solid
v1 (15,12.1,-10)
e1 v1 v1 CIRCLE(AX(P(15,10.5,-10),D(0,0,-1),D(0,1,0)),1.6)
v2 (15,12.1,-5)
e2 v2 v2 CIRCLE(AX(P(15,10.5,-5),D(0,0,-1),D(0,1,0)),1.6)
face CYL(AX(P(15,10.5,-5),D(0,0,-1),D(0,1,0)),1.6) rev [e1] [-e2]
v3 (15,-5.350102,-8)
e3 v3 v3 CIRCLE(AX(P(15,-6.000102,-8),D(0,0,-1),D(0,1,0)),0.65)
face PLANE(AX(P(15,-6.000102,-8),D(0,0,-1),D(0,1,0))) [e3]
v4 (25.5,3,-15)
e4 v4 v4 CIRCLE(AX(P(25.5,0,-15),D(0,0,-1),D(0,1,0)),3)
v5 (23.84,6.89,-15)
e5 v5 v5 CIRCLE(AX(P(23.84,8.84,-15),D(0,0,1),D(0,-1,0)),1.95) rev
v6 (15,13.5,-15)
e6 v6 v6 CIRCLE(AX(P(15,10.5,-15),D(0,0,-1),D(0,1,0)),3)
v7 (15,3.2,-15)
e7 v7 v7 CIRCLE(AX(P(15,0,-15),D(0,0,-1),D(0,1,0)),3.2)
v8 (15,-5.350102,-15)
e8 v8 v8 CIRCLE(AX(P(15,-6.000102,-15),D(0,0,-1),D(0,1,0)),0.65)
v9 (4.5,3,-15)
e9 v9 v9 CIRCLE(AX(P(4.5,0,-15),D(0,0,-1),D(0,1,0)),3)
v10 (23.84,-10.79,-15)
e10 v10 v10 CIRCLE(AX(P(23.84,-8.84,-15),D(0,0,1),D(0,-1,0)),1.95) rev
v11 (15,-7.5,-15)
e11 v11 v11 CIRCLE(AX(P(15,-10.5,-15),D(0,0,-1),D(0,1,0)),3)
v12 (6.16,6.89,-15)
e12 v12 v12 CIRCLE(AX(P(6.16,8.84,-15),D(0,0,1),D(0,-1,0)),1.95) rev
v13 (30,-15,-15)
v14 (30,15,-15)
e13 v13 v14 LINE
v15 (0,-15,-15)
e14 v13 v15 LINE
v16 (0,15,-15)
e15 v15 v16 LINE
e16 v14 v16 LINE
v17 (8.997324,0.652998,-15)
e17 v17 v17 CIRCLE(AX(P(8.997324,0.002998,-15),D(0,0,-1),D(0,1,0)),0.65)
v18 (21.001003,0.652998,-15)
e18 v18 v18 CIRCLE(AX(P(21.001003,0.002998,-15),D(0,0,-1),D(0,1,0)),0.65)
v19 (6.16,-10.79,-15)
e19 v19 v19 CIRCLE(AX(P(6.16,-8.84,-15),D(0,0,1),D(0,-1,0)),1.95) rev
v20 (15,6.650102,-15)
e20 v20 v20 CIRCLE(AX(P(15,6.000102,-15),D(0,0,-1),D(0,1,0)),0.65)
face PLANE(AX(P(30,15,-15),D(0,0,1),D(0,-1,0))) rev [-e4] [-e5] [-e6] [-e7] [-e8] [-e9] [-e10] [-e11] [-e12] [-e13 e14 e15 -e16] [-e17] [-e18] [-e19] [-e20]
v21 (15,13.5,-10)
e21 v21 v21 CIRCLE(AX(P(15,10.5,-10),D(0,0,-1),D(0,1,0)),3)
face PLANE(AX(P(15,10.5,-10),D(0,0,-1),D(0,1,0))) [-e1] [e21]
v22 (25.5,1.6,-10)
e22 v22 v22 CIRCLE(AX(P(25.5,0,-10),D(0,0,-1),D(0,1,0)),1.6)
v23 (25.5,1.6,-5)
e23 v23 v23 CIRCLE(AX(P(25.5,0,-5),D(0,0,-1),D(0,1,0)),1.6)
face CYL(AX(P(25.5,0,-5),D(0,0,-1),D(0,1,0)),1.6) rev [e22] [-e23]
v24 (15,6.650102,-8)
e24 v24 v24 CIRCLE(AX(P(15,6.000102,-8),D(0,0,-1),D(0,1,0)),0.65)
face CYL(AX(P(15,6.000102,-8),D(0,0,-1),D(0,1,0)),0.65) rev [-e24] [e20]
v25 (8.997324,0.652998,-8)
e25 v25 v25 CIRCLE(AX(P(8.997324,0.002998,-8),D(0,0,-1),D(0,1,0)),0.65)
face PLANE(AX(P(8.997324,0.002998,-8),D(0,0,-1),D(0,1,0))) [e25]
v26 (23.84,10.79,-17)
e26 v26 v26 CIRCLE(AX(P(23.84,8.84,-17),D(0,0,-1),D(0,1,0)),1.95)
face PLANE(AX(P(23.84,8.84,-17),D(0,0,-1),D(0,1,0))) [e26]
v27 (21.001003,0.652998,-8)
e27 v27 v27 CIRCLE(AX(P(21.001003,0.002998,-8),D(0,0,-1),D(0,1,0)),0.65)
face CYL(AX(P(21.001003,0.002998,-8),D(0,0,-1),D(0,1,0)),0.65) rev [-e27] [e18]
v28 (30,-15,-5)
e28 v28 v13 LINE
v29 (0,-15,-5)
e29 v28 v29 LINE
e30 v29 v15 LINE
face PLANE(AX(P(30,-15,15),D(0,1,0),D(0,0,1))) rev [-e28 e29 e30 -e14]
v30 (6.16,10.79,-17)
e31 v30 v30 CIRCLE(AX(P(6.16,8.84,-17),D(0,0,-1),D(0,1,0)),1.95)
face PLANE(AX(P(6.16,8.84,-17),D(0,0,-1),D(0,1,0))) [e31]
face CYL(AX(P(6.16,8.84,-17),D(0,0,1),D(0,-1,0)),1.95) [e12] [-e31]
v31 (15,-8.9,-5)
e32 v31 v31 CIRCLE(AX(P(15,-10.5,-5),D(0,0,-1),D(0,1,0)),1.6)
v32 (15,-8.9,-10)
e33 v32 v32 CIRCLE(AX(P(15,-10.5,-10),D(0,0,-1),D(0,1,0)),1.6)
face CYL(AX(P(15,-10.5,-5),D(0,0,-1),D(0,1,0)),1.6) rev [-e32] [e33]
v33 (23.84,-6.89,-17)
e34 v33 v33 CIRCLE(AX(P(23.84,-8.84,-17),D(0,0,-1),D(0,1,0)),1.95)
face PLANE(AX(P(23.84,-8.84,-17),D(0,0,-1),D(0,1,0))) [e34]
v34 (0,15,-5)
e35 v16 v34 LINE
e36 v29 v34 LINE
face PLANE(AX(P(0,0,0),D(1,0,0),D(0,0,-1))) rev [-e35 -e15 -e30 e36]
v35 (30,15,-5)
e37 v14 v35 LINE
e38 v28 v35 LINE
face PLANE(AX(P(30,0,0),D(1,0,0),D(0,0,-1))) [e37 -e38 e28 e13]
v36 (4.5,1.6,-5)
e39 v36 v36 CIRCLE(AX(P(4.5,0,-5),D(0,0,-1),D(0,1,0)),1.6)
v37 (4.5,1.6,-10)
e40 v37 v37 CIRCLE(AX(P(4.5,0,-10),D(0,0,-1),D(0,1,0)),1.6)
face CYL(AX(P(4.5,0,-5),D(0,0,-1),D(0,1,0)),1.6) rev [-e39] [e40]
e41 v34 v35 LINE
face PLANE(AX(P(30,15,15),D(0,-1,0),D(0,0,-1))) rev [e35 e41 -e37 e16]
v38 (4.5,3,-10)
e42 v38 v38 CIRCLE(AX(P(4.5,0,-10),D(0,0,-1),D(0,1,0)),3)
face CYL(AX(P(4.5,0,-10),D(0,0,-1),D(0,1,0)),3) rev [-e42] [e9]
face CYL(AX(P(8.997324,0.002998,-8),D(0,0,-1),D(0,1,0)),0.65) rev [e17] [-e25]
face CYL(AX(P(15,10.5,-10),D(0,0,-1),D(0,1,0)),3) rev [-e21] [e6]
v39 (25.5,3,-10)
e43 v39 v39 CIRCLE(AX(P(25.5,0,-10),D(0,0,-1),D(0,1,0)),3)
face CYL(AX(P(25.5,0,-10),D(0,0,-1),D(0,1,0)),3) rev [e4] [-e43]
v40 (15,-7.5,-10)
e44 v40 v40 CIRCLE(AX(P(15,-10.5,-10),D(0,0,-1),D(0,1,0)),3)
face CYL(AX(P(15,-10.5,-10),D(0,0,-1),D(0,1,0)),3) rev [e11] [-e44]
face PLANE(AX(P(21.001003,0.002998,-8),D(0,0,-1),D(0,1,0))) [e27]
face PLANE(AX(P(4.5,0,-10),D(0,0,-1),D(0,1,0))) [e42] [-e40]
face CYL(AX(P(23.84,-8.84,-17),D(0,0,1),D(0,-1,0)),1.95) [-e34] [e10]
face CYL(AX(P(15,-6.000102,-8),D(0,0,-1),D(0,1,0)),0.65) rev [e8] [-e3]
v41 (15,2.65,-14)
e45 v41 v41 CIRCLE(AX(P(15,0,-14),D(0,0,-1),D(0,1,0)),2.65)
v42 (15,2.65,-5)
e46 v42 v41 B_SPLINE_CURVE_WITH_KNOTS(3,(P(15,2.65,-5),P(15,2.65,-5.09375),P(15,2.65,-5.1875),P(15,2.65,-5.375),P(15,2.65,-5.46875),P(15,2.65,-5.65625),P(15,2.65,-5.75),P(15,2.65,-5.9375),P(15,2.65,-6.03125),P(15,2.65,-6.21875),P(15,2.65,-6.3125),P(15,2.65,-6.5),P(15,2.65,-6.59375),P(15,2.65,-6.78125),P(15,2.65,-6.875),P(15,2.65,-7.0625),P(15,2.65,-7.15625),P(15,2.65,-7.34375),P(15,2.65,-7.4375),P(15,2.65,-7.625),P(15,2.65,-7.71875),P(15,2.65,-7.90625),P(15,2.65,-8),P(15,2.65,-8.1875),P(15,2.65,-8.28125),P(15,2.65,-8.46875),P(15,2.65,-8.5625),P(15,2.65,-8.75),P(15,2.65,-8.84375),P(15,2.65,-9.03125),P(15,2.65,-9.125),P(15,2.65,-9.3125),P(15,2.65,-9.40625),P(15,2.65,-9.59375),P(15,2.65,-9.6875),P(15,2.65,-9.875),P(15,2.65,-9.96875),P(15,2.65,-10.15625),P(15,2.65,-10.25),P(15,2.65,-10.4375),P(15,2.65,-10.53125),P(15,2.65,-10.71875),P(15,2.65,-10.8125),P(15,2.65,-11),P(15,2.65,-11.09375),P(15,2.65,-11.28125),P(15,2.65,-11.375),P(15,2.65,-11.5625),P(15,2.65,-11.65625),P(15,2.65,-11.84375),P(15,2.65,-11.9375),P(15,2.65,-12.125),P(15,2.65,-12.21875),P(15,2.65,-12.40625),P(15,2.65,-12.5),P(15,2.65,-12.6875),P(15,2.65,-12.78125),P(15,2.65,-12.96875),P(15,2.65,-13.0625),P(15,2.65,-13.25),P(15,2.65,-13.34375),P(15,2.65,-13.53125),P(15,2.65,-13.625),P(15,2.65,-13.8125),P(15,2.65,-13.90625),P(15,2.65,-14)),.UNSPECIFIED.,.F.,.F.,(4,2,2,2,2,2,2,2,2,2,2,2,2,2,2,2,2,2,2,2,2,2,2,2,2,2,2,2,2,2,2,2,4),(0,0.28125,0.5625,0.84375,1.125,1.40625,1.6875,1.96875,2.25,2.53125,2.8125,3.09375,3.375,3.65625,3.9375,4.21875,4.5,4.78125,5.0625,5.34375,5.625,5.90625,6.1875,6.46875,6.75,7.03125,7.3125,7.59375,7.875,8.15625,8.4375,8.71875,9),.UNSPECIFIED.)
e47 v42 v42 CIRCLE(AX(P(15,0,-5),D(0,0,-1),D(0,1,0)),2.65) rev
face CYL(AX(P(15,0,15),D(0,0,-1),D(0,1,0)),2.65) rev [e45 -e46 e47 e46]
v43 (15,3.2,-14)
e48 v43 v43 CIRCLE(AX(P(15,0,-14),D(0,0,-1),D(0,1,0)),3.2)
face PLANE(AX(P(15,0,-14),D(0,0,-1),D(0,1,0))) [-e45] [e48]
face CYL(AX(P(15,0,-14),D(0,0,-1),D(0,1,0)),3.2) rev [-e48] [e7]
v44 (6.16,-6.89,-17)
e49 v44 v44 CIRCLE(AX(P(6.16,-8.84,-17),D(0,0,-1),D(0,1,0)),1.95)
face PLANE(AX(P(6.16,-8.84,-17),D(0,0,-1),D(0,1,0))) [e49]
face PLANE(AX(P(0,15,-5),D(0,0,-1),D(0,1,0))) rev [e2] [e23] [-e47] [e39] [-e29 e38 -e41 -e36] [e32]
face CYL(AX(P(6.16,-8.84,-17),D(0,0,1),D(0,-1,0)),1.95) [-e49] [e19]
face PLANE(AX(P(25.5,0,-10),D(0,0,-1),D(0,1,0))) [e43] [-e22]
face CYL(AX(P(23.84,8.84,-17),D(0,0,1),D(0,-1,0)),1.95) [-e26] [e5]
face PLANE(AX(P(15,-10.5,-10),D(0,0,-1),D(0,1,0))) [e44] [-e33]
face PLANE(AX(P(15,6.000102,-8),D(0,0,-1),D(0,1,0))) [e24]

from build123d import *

# Parameters (mm, degrees)
SKETCH1_W           = 30
SKETCH1_H           = 30
BOSS_EXTRUDE1_DEPTH = 30
SKETCH2_R           = 0.65
CUT_EXTRUDE1_DEPTH  = 7
SKETCH3_R           = 1.95
BOSS_EXTRUDE2_DEPTH = 2
SKETCH4_R           = 3.2
SKETCH4_R_2         = 2.5
CUT_EXTRUDE2_DEPTH  = 1
SKETCH5_R           = 2.65
CUT_EXTRUDE3_DEPTH  = 46
SKETCH6_W           = 20
SKETCH6_H           = 32.666349305
CUT_EXTRUDE4_DEPTH  = 38.603191354
SKETCH7_R           = 3
CUT_EXTRUDE5_DEPTH  = 5
SKETCH8_R           = 1.6
CUT_EXTRUDE6_DEPTH  = 35.263683398


with BuildPart() as part:
    # Sketch1 → Boss-Extrude1 (new body)
    with BuildSketch(Plane(origin=(0, 0, 0), x_dir=(0, 0, -1), z_dir=(1, 0, 0))):
        Rectangle(SKETCH1_W, SKETCH1_H)
    extrude(amount=BOSS_EXTRUDE1_DEPTH)

    # Sketch2 → Cut-Extrude1 (cut)
    with BuildSketch(Plane(origin=(0, 0, -15), x_dir=(-1, 0, 0), z_dir=(0, 0, -1))):
        with Locations(Location((-15, 6.000101914, 0), (0, 0, 90))):
            Circle(SKETCH2_R)
        with Locations(Location((-21.001003121, 0.002997762, 0), (0, 0, 90))):
            Circle(SKETCH2_R)
        with Locations(Location((-8.997324254, 0.002997762, 0), (0, 0, 90))):
            Circle(SKETCH2_R)
        with Locations(Location((-15, -6.000101914, 0), (0, 0, 90))):
            Circle(SKETCH2_R)
    extrude(amount=-CUT_EXTRUDE1_DEPTH, mode=Mode.SUBTRACT)

    # Sketch3 → Boss-Extrude2 (add)
    with BuildSketch(Plane(origin=(0, 0, -15), x_dir=(-1, 0, 0), z_dir=(0, 0, -1))):
        with Locations(Location((-6.16, 8.84, 0), (0, 0, 270))):
            Circle(SKETCH3_R)
        with Locations(Location((-23.84, 8.84, 0), (0, 0, 270))):
            Circle(SKETCH3_R)
        with Locations(Location((-23.84, -8.84, 0), (0, 0, 270))):
            Circle(SKETCH3_R)
        with Locations(Location((-6.16, -8.84, 0), (0, 0, 270))):
            Circle(SKETCH3_R)
    extrude(amount=BOSS_EXTRUDE2_DEPTH)

    # Sketch4 → Cut-Extrude2 (cut)
    with BuildSketch(Plane(origin=(0, 0, -15), x_dir=(-1, 0, 0), z_dir=(0, 0, -1))):
        with Locations(Location((-15, 0, 0), (0, 0, 90))):
            Circle(SKETCH4_R)
        with Locations(Location((-15, 0, 0), (0, 0, 90))):
            Circle(SKETCH4_R_2, mode=Mode.SUBTRACT)
    extrude(amount=-CUT_EXTRUDE2_DEPTH, mode=Mode.SUBTRACT)

    # Sketch5 → Cut-Extrude3 (cut, through all)
    with BuildSketch(Plane(origin=(0, 0, -15), x_dir=(-1, 0, 0), z_dir=(0, 0, -1))):
        with Locations(Location((-15, 0, 0), (0, 0, 90))):
            Circle(SKETCH5_R)
    extrude(amount=-CUT_EXTRUDE3_DEPTH, mode=Mode.SUBTRACT)

    # Sketch6 → Cut-Extrude4 (cut, through all)
    with BuildSketch(Plane(origin=(30, 0, 0), x_dir=(0, 0, -1), z_dir=(1, 0, 0))):
        with Locations((-5, -1.333174652)):
            Rectangle(SKETCH6_W, SKETCH6_H)
    extrude(amount=-CUT_EXTRUDE4_DEPTH, mode=Mode.SUBTRACT)

    # Sketch7 → Cut-Extrude5 (cut)
    with BuildSketch(Plane(origin=(0, 0, -15), x_dir=(-1, 0, 0), z_dir=(0, 0, -1))):
        with Locations(Location((-15, 10.5, 0), (0, 0, 90))):
            Circle(SKETCH7_R)
        with Locations(Location((-15, -10.5, 0), (0, 0, 90))):
            Circle(SKETCH7_R)
        with Locations(Location((-25.5, 0, 0), (0, 0, 90))):
            Circle(SKETCH7_R)
        with Locations(Location((-4.5, 0, 0), (0, 0, 90))):
            Circle(SKETCH7_R)
    extrude(amount=-CUT_EXTRUDE5_DEPTH, mode=Mode.SUBTRACT)

    # Sketch8 → Cut-Extrude6 (cut, through all)
    with BuildSketch(Plane(origin=(0, 0, -10), x_dir=(-1, 0, 0), z_dir=(0, 0, -1))):
        with Locations(Location((-4.5, 0, 0), (0, 0, 90))):
            Circle(SKETCH8_R)
        with Locations(Location((-15, -10.5, 0), (0, 0, 90))):
            Circle(SKETCH8_R)
        with Locations(Location((-15, 10.5, 0), (0, 0, 90))):
            Circle(SKETCH8_R)
        with Locations(Location((-25.5, 0, 0), (0, 0, 90))):
            Circle(SKETCH8_R)
    extrude(amount=-CUT_EXTRUDE6_DEPTH, mode=Mode.SUBTRACT)


solid = part.part
